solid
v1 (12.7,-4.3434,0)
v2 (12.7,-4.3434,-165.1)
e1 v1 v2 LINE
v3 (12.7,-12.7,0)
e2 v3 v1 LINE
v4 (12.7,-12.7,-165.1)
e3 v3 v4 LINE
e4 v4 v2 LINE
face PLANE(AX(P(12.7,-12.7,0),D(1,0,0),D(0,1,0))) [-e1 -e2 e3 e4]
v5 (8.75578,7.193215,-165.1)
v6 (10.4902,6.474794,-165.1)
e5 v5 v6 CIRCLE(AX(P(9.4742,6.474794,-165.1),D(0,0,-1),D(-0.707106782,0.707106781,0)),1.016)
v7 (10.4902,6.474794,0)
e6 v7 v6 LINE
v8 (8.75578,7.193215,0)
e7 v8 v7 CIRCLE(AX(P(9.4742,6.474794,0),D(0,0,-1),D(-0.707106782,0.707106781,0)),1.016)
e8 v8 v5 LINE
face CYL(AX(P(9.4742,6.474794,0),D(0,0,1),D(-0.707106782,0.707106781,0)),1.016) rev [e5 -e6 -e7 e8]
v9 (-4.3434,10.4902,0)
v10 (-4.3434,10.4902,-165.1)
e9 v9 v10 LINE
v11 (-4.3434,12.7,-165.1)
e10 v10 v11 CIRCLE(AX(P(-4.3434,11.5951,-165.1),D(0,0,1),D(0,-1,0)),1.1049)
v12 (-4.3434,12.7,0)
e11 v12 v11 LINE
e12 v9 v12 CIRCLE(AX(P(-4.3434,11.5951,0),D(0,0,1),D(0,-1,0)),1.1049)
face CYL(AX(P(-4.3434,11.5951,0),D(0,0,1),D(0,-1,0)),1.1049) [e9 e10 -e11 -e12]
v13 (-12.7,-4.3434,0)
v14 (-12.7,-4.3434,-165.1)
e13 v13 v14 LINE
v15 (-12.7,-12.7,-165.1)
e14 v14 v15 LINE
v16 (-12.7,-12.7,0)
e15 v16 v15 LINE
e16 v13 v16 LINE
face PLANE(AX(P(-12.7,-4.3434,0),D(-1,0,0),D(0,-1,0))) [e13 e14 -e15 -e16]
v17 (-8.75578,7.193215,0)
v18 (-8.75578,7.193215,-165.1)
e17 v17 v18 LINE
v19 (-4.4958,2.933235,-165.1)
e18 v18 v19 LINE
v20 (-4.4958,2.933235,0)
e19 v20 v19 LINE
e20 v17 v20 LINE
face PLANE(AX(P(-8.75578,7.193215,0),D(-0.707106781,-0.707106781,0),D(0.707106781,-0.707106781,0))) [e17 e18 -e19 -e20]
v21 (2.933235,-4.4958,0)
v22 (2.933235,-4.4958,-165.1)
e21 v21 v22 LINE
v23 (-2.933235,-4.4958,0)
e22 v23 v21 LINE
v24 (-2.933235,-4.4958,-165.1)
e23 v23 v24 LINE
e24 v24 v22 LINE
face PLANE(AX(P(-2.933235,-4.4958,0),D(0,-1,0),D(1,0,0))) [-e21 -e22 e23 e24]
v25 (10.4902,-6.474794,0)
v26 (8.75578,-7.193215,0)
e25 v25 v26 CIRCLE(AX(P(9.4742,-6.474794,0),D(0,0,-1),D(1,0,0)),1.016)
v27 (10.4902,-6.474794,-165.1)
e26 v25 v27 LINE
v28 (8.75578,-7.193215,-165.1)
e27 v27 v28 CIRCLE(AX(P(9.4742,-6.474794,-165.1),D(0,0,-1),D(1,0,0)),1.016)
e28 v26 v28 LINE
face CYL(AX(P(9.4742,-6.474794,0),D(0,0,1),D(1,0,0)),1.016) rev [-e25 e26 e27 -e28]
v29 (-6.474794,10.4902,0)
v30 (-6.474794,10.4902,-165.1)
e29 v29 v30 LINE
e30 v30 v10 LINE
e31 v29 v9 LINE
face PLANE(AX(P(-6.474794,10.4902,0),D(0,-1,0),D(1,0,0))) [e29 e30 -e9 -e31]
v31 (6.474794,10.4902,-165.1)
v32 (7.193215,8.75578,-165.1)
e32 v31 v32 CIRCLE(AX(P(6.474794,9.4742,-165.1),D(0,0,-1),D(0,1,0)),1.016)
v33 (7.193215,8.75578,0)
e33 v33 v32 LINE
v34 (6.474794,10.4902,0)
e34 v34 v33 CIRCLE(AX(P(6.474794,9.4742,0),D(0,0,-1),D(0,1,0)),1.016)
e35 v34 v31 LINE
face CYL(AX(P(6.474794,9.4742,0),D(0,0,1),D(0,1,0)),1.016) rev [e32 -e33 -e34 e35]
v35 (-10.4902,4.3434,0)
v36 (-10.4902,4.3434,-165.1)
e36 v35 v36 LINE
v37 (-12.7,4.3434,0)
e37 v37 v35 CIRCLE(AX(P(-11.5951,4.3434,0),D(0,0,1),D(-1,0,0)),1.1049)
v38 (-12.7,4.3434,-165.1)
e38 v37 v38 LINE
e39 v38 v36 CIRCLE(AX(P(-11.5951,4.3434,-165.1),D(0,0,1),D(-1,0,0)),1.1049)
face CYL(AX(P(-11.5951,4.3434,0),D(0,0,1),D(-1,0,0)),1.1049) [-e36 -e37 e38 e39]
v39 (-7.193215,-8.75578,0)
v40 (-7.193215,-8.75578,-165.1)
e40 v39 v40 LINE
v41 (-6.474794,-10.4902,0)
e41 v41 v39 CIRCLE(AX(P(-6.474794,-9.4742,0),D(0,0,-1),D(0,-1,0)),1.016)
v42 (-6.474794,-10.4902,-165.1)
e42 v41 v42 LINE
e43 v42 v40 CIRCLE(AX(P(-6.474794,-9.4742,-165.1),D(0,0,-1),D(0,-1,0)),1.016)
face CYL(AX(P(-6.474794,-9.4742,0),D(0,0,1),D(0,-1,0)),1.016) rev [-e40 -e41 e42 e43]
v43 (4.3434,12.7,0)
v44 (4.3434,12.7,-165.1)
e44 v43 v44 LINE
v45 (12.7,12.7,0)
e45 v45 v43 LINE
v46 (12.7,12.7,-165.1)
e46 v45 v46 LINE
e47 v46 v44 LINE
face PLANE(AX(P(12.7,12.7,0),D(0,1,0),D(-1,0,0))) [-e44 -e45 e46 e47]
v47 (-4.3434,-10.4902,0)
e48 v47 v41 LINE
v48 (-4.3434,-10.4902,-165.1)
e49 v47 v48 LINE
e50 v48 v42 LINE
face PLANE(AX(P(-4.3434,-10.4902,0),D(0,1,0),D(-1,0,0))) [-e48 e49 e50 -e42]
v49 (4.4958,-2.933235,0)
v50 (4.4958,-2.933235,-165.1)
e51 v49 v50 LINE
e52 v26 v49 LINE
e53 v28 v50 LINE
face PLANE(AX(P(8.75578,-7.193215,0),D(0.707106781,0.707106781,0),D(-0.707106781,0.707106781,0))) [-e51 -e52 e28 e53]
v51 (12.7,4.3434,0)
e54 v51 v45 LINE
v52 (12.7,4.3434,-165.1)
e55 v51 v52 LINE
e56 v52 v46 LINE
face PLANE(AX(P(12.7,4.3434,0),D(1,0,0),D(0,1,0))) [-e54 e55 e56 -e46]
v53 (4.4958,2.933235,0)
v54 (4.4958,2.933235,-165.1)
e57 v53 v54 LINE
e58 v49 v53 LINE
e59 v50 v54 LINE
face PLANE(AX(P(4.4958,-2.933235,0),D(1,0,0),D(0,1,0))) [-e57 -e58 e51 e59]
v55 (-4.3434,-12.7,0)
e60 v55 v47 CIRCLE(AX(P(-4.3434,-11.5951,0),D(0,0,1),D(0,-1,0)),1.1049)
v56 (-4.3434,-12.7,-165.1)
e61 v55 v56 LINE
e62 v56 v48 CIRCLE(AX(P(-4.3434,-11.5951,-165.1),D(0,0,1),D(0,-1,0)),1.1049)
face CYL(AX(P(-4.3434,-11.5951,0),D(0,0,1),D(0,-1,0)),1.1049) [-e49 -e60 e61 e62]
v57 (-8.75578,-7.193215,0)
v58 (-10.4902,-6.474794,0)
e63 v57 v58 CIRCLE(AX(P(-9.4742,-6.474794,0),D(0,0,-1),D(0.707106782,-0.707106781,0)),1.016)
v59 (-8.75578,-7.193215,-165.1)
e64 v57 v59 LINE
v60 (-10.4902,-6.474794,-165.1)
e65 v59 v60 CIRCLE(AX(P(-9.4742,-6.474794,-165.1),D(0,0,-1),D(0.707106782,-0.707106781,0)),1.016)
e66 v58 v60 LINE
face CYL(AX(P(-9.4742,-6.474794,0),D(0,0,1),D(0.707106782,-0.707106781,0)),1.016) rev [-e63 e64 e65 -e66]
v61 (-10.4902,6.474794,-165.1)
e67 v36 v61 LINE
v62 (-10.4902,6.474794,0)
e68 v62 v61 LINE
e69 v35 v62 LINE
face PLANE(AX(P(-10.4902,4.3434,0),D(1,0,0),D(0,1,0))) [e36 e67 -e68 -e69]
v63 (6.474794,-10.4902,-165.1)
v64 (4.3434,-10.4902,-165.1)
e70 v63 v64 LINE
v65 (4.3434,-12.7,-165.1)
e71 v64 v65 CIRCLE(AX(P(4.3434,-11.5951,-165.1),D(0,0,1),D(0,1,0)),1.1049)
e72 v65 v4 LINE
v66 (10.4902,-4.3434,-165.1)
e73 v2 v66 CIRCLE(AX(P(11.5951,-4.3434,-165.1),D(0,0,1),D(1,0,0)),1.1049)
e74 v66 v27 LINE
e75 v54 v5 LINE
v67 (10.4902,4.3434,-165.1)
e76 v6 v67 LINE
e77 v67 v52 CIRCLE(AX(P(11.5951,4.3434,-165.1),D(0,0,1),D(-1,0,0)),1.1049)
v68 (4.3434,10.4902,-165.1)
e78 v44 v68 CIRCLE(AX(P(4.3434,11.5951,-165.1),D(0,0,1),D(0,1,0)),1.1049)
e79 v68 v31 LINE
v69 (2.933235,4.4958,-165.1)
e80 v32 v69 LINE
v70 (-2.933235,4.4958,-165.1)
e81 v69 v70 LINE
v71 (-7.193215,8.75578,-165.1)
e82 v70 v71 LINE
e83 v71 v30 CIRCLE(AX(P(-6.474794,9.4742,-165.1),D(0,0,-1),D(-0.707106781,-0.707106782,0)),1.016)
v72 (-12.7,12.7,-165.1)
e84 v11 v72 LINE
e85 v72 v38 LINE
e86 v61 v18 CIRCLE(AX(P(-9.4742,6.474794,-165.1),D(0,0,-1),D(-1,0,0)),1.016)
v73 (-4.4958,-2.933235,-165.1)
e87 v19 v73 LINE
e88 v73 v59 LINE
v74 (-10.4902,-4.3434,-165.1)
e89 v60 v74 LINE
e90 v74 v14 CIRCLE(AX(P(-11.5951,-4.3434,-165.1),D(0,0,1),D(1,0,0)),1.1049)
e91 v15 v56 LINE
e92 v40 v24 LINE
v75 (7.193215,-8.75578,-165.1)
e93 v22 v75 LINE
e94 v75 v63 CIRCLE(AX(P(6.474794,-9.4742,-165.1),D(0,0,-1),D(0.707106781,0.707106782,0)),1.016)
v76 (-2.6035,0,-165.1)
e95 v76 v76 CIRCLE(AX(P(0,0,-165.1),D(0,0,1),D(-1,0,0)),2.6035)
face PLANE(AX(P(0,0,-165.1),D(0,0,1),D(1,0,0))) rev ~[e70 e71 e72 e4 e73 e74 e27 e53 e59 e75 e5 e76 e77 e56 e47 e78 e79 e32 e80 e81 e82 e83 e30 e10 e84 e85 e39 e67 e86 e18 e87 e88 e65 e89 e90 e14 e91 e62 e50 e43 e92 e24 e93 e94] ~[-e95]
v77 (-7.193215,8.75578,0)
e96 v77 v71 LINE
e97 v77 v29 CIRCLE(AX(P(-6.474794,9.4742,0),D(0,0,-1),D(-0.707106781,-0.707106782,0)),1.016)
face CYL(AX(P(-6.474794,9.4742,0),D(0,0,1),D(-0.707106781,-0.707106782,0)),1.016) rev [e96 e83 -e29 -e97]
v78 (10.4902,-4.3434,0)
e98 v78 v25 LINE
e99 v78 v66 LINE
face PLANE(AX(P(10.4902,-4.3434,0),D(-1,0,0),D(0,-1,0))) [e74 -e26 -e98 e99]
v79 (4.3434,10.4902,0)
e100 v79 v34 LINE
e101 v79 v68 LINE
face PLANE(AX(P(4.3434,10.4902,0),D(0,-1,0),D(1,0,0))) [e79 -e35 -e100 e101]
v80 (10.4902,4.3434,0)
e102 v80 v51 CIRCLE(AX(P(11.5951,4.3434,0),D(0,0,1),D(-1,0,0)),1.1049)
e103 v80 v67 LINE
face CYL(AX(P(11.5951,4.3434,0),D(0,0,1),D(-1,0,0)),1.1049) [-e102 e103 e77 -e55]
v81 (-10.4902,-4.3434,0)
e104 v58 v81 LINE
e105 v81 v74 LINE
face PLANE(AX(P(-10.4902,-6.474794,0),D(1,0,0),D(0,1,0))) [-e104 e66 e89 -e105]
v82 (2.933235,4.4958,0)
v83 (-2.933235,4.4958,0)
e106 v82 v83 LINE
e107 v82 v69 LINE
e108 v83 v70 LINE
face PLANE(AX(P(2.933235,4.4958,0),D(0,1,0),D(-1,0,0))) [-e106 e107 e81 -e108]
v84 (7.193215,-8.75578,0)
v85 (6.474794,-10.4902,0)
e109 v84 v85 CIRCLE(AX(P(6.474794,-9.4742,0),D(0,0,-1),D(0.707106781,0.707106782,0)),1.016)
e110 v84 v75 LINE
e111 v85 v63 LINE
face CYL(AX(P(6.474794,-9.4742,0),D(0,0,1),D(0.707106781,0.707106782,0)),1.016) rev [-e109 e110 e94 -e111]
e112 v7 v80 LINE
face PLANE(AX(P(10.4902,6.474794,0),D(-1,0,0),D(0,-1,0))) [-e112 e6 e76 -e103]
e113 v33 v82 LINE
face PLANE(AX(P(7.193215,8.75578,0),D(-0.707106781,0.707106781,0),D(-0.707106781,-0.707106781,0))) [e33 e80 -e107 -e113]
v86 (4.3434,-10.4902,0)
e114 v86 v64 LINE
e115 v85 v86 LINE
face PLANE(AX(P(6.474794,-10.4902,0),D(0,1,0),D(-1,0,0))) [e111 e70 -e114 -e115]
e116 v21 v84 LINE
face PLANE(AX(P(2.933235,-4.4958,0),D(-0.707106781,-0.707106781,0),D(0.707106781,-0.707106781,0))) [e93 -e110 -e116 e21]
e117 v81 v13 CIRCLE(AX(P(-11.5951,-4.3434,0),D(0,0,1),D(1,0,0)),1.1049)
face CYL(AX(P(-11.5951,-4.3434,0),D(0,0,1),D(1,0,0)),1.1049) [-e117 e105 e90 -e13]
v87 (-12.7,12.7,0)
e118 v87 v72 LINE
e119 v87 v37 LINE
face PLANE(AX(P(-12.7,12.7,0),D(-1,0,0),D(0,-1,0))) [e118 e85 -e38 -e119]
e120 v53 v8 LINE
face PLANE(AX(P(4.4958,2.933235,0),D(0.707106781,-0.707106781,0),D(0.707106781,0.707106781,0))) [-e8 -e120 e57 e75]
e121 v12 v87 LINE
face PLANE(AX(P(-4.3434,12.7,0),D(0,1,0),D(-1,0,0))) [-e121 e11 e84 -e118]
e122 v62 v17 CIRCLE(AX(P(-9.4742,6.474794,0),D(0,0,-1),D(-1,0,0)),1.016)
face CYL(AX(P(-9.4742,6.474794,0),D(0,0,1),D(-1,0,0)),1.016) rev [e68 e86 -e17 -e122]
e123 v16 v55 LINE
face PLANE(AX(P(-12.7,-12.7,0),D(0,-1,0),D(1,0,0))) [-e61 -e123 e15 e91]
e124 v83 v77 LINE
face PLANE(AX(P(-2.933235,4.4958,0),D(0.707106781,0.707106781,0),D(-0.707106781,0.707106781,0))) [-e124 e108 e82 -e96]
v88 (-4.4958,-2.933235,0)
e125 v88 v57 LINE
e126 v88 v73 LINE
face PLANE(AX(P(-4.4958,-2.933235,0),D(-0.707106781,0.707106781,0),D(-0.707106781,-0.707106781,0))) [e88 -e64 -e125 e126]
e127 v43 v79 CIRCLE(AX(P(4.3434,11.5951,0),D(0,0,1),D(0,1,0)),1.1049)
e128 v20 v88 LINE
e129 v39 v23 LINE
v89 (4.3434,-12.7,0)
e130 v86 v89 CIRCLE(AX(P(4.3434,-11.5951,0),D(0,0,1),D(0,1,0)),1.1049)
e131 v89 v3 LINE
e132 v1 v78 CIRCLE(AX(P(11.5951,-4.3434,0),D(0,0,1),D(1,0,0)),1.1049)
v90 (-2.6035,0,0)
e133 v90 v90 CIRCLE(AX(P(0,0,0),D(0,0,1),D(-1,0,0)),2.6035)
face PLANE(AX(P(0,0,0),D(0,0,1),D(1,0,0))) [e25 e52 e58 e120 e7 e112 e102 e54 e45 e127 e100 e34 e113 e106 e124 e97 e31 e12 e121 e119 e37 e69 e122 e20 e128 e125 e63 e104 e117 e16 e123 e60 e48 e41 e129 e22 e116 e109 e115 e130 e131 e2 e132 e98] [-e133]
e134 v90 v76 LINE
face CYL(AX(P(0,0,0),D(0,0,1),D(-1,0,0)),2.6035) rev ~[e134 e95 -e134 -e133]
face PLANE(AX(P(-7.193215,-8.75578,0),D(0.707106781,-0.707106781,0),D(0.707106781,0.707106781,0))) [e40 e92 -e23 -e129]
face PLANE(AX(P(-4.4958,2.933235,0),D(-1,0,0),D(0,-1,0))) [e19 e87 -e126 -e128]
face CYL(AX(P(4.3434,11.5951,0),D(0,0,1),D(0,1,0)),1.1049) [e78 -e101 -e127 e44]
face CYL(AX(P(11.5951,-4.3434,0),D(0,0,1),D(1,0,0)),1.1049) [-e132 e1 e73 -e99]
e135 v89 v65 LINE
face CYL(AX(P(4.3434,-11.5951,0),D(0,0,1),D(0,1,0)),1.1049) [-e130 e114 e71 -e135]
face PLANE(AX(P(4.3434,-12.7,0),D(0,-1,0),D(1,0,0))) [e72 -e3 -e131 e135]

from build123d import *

# Parameters (mm, degrees)
SKETCH1_R           = 2.6035
BOSS_EXTRUDE1_DEPTH = 165.1


with BuildPart() as part:
    # Sketch1 → Boss-Extrude1 (new body)
    with BuildSketch(Plane.XY):
        with BuildLine():
            Line((-12.7, -12.7), (-4.343399971, -12.7))
            ThreePointArc((-4.343399971, -12.7), (-3.238499971, -11.5951), (-4.343399971, -10.4902))
            Line((-4.343399971, -10.4902), (-6.474794456, -10.4902))
            ThreePointArc((-6.474794456, -10.4902), (-7.413456061, -9.863006367), (-7.193214945, -8.75577951))
            Line((-7.193214945, -8.75577951), (-2.933235435, -4.4958))
            Line((-2.933235435, -4.4958), (2.933235435, -4.4958))
            Line((2.933235435, -4.4958), (7.193214945, -8.75577951))
            ThreePointArc((7.193214945, -8.75577951), (7.413456061, -9.863006367), (6.474794456, -10.4902))
            Line((6.474794456, -10.4902), (4.3434, -10.4902))
            ThreePointArc((4.3434, -10.4902), (3.2385, -11.5951), (4.3434, -12.7))
            Line((4.3434, -12.7), (12.7, -12.7))
            Line((12.7, -12.7), (12.7, -4.343399971))
            ThreePointArc((12.7, -4.343399971), (11.5951, -3.238499971), (10.4902, -4.343399971))
            Line((10.4902, -4.343399971), (10.4902, -6.474794456))
            ThreePointArc((10.4902, -6.474794456), (9.863006367, -7.413456061), (8.75577951, -7.193214945))
            Line((8.75577951, -7.193214945), (4.4958, -2.933235435))
            Line((4.4958, -2.933235435), (4.4958, 2.933235435))
            Line((4.4958, 2.933235435), (8.75577951, 7.193214945))
            ThreePointArc((8.75577951, 7.193214945), (9.863006367, 7.413456061), (10.4902, 6.474794456))
            Line((10.4902, 6.474794456), (10.4902, 4.3434))
            ThreePointArc((10.4902, 4.3434), (11.5951, 3.2385), (12.7, 4.3434))
            Line((12.7, 4.3434), (12.7, 12.7))
            Line((12.7, 12.7), (4.343399971, 12.7))
            ThreePointArc((4.343399971, 12.7), (3.238499971, 11.5951), (4.343399971, 10.4902))
            Line((4.343399971, 10.4902), (6.474794456, 10.4902))
            ThreePointArc((6.474794456, 10.4902), (7.413456061, 9.863006367), (7.193214945, 8.75577951))
            Line((7.193214945, 8.75577951), (2.933235435, 4.4958))
            Line((2.933235435, 4.4958), (-2.933235435, 4.4958))
            Line((-2.933235435, 4.4958), (-7.193214945, 8.75577951))
            ThreePointArc((-7.193214945, 8.75577951), (-7.413456061, 9.863006367), (-6.474794456, 10.4902))
            Line((-6.474794456, 10.4902), (-4.3434, 10.4902))
            ThreePointArc((-4.3434, 10.4902), (-3.2385, 11.5951), (-4.3434, 12.7))
            Line((-4.3434, 12.7), (-12.7, 12.7))
            Line((-12.7, 12.7), (-12.7, 4.343399971))
            ThreePointArc((-12.7, 4.343399971), (-11.5951, 3.238499971), (-10.4902, 4.343399971))
            Line((-10.4902, 4.343399971), (-10.4902, 6.474794456))
            ThreePointArc((-10.4902, 6.474794456), (-9.863006367, 7.413456061), (-8.75577951, 7.193214945))
            Line((-8.75577951, 7.193214945), (-4.4958, 2.933235435))
            Line((-4.4958, 2.933235435), (-4.4958, -2.933235435))
            Line((-4.4958, -2.933235435), (-8.75577951, -7.193214945))
            ThreePointArc((-8.75577951, -7.193214945), (-9.863006367, -7.413456061), (-10.4902, -6.474794456))
            Line((-10.4902, -6.474794456), (-10.4902, -4.3434))
            ThreePointArc((-10.4902, -4.3434), (-11.5951, -3.2385), (-12.7, -4.3434))
            Line((-12.7, -4.3434), (-12.7, -12.7))
        make_face()
        with Locations(Location((0, 0, 0), (0, 0, 180))):
            Circle(SKETCH1_R, mode=Mode.SUBTRACT)
    extrude(amount=-BOSS_EXTRUDE1_DEPTH)


solid = part.part
